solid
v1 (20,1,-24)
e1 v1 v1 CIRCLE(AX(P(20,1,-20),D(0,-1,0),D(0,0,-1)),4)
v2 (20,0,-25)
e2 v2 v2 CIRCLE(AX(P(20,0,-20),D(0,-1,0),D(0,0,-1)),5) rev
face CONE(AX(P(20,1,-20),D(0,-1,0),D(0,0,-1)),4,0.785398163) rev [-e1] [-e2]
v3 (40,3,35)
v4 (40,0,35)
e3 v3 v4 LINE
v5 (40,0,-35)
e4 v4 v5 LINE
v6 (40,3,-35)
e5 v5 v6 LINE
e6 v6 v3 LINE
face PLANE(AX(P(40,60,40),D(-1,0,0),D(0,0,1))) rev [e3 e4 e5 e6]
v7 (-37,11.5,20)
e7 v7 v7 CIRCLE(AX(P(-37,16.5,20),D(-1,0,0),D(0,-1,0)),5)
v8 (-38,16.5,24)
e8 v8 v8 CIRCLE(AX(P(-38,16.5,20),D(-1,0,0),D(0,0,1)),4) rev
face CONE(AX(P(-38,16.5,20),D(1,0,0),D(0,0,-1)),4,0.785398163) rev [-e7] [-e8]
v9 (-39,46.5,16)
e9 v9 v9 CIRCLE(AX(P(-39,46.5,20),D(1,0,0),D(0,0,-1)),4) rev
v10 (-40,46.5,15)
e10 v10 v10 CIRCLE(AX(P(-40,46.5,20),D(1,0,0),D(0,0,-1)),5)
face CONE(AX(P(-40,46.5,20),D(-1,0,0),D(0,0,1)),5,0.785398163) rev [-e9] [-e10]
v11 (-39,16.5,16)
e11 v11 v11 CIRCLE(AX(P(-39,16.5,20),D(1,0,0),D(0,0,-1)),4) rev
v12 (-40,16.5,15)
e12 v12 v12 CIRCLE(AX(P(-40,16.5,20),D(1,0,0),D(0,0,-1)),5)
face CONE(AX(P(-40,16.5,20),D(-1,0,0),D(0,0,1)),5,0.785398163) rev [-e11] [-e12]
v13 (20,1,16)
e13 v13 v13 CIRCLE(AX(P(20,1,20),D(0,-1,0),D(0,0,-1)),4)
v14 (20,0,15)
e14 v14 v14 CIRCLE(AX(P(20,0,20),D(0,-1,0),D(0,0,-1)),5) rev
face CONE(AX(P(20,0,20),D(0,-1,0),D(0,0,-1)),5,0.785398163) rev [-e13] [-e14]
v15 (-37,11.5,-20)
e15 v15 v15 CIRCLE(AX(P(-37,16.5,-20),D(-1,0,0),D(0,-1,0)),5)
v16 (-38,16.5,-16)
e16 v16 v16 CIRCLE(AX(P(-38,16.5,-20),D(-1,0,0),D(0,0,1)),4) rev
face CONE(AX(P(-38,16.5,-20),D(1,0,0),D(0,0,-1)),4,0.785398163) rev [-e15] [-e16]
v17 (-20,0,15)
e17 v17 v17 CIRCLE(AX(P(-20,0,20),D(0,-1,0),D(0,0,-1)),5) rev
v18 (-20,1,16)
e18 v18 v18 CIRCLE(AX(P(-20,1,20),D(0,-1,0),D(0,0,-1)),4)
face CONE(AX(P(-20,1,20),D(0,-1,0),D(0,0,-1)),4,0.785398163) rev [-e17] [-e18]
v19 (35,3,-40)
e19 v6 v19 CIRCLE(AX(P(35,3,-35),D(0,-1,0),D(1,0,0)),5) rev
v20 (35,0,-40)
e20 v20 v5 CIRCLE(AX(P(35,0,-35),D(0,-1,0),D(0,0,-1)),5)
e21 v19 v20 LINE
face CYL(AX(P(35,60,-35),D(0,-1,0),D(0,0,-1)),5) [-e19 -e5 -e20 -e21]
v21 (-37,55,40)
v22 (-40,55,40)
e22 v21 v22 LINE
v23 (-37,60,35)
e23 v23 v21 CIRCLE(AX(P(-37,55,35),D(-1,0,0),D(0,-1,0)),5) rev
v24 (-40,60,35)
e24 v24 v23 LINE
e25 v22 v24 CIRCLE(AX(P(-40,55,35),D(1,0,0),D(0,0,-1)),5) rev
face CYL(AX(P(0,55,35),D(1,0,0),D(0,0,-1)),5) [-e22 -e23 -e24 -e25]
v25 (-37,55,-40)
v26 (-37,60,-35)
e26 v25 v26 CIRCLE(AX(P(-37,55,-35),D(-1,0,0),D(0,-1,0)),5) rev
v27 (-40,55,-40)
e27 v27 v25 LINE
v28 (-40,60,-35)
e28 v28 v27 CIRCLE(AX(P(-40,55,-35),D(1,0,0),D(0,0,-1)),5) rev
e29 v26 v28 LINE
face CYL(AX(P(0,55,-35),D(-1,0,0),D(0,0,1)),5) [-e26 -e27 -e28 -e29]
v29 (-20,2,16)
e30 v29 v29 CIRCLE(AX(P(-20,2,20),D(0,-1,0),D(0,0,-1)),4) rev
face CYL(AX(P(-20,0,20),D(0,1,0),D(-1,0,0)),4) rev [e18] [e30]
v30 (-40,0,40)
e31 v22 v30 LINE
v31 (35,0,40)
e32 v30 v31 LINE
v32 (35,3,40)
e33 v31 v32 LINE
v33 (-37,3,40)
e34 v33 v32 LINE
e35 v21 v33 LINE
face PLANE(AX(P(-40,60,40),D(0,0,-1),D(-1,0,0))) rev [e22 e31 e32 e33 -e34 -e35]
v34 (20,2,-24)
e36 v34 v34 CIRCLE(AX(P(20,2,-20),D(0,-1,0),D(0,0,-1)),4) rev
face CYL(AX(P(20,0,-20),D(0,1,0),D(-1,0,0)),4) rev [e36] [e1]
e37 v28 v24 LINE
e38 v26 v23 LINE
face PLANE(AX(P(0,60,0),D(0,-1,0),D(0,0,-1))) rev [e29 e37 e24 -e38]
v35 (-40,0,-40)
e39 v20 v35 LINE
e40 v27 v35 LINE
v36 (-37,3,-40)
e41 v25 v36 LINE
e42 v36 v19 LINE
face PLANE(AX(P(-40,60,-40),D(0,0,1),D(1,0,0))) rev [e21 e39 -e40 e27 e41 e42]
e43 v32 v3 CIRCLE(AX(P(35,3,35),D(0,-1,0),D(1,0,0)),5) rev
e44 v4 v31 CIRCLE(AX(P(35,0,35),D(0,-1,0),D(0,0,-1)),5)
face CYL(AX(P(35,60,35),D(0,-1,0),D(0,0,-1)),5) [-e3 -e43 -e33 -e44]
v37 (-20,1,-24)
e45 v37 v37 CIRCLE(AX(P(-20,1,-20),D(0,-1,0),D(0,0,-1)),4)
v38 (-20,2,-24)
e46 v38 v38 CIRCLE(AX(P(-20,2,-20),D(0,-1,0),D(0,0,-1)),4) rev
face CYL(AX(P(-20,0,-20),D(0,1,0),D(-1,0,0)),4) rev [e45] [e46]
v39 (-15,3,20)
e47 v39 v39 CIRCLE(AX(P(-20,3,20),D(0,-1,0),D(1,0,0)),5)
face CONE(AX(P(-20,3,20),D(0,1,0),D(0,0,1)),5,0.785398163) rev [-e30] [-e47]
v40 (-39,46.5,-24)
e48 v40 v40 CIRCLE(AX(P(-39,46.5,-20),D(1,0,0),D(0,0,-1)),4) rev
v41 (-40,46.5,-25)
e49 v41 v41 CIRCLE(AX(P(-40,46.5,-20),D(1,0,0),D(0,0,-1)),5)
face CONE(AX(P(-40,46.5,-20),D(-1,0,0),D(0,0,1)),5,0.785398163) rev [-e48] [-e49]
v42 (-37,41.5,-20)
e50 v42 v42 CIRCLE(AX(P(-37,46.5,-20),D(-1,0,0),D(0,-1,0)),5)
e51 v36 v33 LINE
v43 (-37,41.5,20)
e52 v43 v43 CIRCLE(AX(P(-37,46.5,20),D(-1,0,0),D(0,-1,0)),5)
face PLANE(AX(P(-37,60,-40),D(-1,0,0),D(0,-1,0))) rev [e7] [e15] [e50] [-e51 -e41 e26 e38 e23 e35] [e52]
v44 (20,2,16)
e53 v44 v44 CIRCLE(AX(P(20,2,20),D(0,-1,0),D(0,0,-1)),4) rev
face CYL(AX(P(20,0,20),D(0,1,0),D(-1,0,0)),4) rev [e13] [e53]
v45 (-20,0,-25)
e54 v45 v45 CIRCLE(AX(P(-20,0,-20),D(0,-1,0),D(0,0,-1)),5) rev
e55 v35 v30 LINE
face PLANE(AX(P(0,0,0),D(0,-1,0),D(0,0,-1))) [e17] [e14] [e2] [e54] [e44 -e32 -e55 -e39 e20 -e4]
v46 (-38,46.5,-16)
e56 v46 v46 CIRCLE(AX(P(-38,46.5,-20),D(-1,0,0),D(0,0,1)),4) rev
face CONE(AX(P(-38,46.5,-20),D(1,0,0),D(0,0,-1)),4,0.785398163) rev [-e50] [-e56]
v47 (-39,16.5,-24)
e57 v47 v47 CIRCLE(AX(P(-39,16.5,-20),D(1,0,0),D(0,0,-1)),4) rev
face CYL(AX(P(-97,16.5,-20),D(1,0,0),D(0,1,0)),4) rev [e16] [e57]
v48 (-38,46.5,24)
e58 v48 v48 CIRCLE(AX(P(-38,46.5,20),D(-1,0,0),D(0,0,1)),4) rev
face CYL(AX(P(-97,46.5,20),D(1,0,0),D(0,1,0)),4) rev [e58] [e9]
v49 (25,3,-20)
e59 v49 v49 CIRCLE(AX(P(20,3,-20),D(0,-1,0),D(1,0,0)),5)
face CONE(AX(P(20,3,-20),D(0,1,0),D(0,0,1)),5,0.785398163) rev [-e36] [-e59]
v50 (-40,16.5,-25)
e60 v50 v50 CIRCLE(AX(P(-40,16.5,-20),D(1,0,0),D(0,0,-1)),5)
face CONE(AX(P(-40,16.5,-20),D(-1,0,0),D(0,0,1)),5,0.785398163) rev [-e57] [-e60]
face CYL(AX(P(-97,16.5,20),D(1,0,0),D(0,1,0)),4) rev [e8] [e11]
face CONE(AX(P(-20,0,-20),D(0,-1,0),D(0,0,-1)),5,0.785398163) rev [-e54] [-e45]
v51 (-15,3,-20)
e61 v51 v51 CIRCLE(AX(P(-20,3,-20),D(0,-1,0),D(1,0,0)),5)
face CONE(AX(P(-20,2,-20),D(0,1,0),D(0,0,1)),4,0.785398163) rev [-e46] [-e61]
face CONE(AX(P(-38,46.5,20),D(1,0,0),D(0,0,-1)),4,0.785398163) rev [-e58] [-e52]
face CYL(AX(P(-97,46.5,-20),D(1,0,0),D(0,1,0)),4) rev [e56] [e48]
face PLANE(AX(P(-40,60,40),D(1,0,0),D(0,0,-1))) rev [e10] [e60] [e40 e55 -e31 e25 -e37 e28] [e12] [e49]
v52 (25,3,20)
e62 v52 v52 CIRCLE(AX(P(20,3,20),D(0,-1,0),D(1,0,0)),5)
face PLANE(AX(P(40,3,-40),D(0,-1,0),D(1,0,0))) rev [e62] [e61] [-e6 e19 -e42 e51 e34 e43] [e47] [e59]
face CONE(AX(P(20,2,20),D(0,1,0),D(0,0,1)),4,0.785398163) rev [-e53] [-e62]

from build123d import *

# Parameters (mm, degrees)
SZKIC1_W                    = 80
SZKIC1_H                    = 80
DODANIE_WYCI_GNI_CIE1_DEPTH = 60
SZKIC2_W                    = 77
SZKIC2_H                    = 57
WYTNIJ_WYCI_GNI_CIE1_DEPTH  = 108.703296143
SZKIC4_R                    = 4
WYTNIJ_WYCI_GNI_CIE2_DEPTH  = 81.305666052
SZKIC3_R                    = 4
WYTNIJ_WYCI_GNI_CIE3_DEPTH  = 60
ZAOKR_GLENIE1_R             = 5
SFAZOWANIE1_SIZE            = 1


with BuildPart() as part:
    # Szkic1 → Dodanie-wyciągnięcie1 (new body)
    with BuildSketch(Plane(origin=(0, 0, 0), x_dir=(1, 0, 0), z_dir=(0, 1, 0))):
        Rectangle(SZKIC1_W, SZKIC1_H)
    extrude(amount=DODANIE_WYCI_GNI_CIE1_DEPTH)

    # Szkic2 → Wytnij-wyciągnięcie1 (cut, through all)
    with BuildSketch(Plane.XY.offset(40)):
        with Locations((1.5, 31.5)):
            Rectangle(SZKIC2_W, SZKIC2_H)
    extrude(amount=-WYTNIJ_WYCI_GNI_CIE1_DEPTH, mode=Mode.SUBTRACT)

    # Szkic4 → Wytnij-wyciągnięcie2 (cut, through all)
    with BuildSketch(Plane(origin=(0, 3, 0), x_dir=(1, 0, 0), z_dir=(0, 1, 0))):
        with Locations(Location((20, -20, 0), (0, 0, 180))):
            Circle(SZKIC4_R)
        with Locations(Location((20, 20, 0), (0, 0, 180))):
            Circle(SZKIC4_R)
        with Locations(Location((-20, 20, 0), (0, 0, 180))):
            Circle(SZKIC4_R)
        with Locations((-20, -20)):
            Circle(SZKIC4_R)
    extrude(amount=-WYTNIJ_WYCI_GNI_CIE2_DEPTH, mode=Mode.SUBTRACT)

    # Szkic3 → Wytnij-wyciągnięcie3 (cut)
    with BuildSketch(Plane(origin=(-37, 0, 0), x_dir=(0, 0, -1), z_dir=(1, 0, 0))):
        with Locations(Location((-20, 46.5, 0), (0, 0, 90))):
            Circle(SZKIC3_R)
        with Locations((-20, 16.5)):
            Circle(SZKIC3_R)
        with Locations(Location((20, 16.5, 0), (0, 0, 90))):
            Circle(SZKIC3_R)
        with Locations((20, 46.5)):
            Circle(SZKIC3_R)
    extrude(amount=-WYTNIJ_WYCI_GNI_CIE3_DEPTH, mode=Mode.SUBTRACT)

    # Zaokrąglenie1
    zaokr_glenie1_edges = [part.edges().sort_by_distance(p)[0] for p in [
        (-38.5, 60, -40),
        (40, 1.5, 40),
        (40, 1.5, -40),
        (-38.5, 60, 40),
    ]]
    fillet(zaokr_glenie1_edges, radius=ZAOKR_GLENIE1_R)

    # Sfazowanie1
    sfazowanie1_edges = [part.edges().sort_by_distance(p)[0] for p in [
        (-24, 3, 20),
        (-24, 0, 20),
        (-16, 0, -20),
        (-16, 3, -20),
        (24, 3, -20),
        (24, 0, -20),
        (24, 0, 20),
        (24, 3, 20),
        (-40, 46.5, -16),
        (-37, 46.5, -16),
        (-40, 12.5, -20),
        (-37, 12.5, -20),
        (-40, 16.5, 24),
        (-37, 16.5, 24),
        (-40, 42.5, 20),
        (-37, 42.5, 20),
    ]]
    chamfer(sfazowanie1_edges, length=SFAZOWANIE1_SIZE)


solid = part.part
